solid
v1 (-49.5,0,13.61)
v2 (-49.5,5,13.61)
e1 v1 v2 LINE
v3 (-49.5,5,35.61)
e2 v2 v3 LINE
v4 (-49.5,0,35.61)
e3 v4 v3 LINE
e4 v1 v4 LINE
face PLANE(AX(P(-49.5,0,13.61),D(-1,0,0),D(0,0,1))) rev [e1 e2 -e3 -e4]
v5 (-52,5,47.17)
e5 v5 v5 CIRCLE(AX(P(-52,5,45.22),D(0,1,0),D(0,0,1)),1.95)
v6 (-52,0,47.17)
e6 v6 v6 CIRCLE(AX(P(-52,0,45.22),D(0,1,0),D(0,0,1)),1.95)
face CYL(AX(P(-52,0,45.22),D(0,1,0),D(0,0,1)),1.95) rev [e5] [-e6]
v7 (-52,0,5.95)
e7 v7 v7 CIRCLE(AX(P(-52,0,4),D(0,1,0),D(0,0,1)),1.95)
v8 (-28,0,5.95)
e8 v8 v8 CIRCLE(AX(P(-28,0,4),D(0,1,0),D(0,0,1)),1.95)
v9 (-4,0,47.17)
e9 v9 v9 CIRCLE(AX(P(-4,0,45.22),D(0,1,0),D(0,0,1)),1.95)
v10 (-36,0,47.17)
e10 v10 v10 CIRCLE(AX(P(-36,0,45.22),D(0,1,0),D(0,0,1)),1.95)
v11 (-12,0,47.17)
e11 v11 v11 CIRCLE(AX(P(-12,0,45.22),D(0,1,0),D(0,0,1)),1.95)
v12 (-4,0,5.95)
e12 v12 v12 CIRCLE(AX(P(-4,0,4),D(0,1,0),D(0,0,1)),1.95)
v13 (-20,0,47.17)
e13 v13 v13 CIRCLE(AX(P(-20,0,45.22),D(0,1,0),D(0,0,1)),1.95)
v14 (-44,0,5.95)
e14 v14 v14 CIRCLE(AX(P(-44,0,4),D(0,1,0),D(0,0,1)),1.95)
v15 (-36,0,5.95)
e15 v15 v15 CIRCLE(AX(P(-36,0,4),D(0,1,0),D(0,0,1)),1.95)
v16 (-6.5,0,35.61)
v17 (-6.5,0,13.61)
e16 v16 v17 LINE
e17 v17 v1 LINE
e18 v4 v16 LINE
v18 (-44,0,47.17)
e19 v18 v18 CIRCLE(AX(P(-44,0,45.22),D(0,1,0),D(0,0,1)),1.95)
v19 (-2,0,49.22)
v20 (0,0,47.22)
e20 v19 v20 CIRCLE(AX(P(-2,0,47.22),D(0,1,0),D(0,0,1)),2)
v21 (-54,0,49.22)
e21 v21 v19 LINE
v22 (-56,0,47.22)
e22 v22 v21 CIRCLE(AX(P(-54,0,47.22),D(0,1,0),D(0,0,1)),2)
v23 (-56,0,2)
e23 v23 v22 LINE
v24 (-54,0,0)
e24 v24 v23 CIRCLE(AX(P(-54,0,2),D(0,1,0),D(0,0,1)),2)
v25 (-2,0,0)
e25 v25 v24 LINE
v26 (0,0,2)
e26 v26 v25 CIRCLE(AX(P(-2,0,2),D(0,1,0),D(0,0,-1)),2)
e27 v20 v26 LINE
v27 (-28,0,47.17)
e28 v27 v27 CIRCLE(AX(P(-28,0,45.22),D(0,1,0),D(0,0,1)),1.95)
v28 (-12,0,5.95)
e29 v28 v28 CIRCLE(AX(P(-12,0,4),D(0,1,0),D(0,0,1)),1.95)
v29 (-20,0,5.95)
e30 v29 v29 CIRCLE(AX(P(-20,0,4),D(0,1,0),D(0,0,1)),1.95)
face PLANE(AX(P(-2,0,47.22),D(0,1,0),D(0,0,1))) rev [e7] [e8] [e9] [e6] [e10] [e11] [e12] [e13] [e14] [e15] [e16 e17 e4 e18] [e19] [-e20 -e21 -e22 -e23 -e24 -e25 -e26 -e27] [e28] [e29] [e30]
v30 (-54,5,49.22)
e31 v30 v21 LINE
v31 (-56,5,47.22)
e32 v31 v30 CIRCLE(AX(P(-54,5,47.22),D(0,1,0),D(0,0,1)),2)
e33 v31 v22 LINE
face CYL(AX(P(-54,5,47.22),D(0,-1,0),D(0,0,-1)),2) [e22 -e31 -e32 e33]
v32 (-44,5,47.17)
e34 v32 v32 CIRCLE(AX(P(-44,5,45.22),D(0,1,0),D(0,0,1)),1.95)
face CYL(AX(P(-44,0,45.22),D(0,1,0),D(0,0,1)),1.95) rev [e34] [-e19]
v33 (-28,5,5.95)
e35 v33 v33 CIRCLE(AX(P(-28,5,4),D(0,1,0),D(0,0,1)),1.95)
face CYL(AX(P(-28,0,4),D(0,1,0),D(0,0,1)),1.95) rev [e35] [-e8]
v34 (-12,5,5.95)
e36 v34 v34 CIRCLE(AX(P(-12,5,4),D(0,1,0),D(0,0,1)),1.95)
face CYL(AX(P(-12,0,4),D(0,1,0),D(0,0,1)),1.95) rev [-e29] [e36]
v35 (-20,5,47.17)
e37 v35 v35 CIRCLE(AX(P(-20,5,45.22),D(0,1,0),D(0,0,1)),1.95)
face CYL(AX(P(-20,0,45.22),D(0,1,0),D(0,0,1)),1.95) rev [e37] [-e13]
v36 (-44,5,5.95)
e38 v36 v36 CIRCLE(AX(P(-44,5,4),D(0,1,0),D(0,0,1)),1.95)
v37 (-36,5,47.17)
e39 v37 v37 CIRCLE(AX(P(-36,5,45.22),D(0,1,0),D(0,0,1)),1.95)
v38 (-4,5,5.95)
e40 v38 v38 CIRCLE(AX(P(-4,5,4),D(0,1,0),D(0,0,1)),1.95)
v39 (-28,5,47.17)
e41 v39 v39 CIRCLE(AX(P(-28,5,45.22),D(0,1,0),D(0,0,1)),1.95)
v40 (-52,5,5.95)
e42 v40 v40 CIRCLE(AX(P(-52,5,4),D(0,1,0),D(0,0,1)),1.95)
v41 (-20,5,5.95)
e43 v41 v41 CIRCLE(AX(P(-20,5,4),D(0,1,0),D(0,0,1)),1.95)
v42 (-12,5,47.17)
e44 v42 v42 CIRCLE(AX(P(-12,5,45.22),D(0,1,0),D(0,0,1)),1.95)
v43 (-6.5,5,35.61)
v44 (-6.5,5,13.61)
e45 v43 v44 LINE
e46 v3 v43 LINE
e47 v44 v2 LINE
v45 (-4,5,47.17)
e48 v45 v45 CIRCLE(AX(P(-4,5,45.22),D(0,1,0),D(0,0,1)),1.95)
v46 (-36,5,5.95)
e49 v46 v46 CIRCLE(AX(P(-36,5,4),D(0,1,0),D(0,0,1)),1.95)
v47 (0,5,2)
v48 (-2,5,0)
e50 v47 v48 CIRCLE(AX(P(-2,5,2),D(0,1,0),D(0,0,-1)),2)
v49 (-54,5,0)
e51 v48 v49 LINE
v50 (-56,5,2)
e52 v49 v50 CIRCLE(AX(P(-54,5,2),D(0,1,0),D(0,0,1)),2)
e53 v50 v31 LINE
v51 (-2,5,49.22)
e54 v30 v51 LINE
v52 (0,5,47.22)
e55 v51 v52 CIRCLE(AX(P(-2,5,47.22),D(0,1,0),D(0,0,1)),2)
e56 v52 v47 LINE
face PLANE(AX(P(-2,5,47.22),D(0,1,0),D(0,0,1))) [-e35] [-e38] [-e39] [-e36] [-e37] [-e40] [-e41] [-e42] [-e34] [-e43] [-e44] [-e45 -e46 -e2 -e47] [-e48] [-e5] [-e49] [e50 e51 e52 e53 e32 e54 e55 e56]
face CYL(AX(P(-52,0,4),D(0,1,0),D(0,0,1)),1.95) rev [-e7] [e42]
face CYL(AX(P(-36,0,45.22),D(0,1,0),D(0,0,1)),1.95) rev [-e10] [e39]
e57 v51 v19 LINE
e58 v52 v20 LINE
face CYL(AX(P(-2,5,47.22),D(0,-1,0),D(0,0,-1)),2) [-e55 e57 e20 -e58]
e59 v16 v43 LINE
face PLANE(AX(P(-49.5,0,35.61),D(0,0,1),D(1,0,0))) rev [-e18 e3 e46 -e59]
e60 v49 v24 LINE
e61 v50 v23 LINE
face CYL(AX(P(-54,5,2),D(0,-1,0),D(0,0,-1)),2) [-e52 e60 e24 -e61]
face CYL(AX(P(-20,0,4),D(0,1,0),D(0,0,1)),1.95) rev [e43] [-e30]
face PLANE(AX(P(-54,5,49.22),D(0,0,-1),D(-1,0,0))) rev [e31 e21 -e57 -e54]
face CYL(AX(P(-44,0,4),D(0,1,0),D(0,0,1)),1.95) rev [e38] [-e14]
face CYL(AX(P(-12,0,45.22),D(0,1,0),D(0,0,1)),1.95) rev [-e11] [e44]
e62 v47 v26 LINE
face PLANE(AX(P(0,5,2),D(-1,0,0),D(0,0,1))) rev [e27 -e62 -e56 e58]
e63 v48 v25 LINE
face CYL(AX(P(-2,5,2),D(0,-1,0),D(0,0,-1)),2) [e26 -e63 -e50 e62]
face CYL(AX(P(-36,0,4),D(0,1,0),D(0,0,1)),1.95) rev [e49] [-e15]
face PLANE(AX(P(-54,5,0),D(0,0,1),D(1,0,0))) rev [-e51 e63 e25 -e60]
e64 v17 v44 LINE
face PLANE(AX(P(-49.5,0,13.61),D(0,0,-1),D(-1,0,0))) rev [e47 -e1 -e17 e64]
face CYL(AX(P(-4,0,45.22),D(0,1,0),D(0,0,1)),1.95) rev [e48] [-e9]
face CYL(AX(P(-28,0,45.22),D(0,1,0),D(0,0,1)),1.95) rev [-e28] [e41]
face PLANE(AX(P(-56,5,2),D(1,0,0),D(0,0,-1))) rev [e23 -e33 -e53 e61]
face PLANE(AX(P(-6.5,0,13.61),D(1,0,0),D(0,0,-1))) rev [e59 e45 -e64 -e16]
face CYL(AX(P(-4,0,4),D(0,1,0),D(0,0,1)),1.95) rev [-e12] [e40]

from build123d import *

# Parameters (mm, degrees)
BOSS_EXTRUDE1_DEPTH = 5
SKETCH2_R           = 1.95
SKETCH2_W           = 43
SKETCH2_H           = 22
CUT_EXTRUDE1_DEPTH  = 6


with BuildPart() as part:
    # Sketch1 → Boss-Extrude1 (new body)
    with BuildSketch(Plane(origin=(0, 0, 0), x_dir=(1, 0, 0), z_dir=(0, 1, 0))):
        with BuildLine():
            Line((-54, 0), (-2, 0))
            ThreePointArc((-2, 0), (-0.585786438, -0.585786438), (0, -2))
            Line((0, -2), (0, -47.22))
            ThreePointArc((0, -47.22), (-0.585786438, -48.634213562), (-2, -49.22))
            Line((-2, -49.22), (-54, -49.22))
            ThreePointArc((-54, -49.22), (-55.414213562, -48.634213562), (-56, -47.22))
            Line((-56, -47.22), (-56, -2))
            ThreePointArc((-56, -2), (-55.414213562, -0.585786438), (-54, 0))
        make_face()
    extrude(amount=BOSS_EXTRUDE1_DEPTH)

    # Sketch2 → Cut-Extrude1 (cut, through all)
    with BuildSketch(Plane(origin=(0, 5, 0), x_dir=(1, 0, 0), z_dir=(0, 1, 0))):
        with Locations((-4, -4)):
            Circle(SKETCH2_R)
        with Locations((-12, -4)):
            Circle(SKETCH2_R)
        with Locations((18, -4)):
            Circle(SKETCH2_R)
        with Locations((-68, -4)):
            Circle(SKETCH2_R)
        with Locations((-60, -4)):
            Circle(SKETCH2_R)
        with Locations((-52, -4)):
            Circle(SKETCH2_R)
        with Locations((-44, -4)):
            Circle(SKETCH2_R)
        with Locations((-36, -4)):
            Circle(SKETCH2_R)
        with Locations((-28, -4)):
            Circle(SKETCH2_R)
        with Locations((-20, -4)):
            Circle(SKETCH2_R)
        with Locations((-4, -45.22)):
            Circle(SKETCH2_R)
        with Locations((-12, -45.22)):
            Circle(SKETCH2_R)
        with Locations((18, -45.22)):
            Circle(SKETCH2_R)
        with Locations((-68, -45.22)):
            Circle(SKETCH2_R)
        with Locations((-60, -45.22)):
            Circle(SKETCH2_R)
        with Locations((-52, -45.22)):
            Circle(SKETCH2_R)
        with Locations((-44, -45.22)):
            Circle(SKETCH2_R)
        with Locations((-36, -45.22)):
            Circle(SKETCH2_R)
        with Locations((-28, -45.22)):
            Circle(SKETCH2_R)
        with Locations((-20, -45.22)):
            Circle(SKETCH2_R)
        with Locations((-28, -24.61)):
            Rectangle(SKETCH2_W, SKETCH2_H)
    extrude(amount=-CUT_EXTRUDE1_DEPTH, mode=Mode.SUBTRACT)


solid = part.part
